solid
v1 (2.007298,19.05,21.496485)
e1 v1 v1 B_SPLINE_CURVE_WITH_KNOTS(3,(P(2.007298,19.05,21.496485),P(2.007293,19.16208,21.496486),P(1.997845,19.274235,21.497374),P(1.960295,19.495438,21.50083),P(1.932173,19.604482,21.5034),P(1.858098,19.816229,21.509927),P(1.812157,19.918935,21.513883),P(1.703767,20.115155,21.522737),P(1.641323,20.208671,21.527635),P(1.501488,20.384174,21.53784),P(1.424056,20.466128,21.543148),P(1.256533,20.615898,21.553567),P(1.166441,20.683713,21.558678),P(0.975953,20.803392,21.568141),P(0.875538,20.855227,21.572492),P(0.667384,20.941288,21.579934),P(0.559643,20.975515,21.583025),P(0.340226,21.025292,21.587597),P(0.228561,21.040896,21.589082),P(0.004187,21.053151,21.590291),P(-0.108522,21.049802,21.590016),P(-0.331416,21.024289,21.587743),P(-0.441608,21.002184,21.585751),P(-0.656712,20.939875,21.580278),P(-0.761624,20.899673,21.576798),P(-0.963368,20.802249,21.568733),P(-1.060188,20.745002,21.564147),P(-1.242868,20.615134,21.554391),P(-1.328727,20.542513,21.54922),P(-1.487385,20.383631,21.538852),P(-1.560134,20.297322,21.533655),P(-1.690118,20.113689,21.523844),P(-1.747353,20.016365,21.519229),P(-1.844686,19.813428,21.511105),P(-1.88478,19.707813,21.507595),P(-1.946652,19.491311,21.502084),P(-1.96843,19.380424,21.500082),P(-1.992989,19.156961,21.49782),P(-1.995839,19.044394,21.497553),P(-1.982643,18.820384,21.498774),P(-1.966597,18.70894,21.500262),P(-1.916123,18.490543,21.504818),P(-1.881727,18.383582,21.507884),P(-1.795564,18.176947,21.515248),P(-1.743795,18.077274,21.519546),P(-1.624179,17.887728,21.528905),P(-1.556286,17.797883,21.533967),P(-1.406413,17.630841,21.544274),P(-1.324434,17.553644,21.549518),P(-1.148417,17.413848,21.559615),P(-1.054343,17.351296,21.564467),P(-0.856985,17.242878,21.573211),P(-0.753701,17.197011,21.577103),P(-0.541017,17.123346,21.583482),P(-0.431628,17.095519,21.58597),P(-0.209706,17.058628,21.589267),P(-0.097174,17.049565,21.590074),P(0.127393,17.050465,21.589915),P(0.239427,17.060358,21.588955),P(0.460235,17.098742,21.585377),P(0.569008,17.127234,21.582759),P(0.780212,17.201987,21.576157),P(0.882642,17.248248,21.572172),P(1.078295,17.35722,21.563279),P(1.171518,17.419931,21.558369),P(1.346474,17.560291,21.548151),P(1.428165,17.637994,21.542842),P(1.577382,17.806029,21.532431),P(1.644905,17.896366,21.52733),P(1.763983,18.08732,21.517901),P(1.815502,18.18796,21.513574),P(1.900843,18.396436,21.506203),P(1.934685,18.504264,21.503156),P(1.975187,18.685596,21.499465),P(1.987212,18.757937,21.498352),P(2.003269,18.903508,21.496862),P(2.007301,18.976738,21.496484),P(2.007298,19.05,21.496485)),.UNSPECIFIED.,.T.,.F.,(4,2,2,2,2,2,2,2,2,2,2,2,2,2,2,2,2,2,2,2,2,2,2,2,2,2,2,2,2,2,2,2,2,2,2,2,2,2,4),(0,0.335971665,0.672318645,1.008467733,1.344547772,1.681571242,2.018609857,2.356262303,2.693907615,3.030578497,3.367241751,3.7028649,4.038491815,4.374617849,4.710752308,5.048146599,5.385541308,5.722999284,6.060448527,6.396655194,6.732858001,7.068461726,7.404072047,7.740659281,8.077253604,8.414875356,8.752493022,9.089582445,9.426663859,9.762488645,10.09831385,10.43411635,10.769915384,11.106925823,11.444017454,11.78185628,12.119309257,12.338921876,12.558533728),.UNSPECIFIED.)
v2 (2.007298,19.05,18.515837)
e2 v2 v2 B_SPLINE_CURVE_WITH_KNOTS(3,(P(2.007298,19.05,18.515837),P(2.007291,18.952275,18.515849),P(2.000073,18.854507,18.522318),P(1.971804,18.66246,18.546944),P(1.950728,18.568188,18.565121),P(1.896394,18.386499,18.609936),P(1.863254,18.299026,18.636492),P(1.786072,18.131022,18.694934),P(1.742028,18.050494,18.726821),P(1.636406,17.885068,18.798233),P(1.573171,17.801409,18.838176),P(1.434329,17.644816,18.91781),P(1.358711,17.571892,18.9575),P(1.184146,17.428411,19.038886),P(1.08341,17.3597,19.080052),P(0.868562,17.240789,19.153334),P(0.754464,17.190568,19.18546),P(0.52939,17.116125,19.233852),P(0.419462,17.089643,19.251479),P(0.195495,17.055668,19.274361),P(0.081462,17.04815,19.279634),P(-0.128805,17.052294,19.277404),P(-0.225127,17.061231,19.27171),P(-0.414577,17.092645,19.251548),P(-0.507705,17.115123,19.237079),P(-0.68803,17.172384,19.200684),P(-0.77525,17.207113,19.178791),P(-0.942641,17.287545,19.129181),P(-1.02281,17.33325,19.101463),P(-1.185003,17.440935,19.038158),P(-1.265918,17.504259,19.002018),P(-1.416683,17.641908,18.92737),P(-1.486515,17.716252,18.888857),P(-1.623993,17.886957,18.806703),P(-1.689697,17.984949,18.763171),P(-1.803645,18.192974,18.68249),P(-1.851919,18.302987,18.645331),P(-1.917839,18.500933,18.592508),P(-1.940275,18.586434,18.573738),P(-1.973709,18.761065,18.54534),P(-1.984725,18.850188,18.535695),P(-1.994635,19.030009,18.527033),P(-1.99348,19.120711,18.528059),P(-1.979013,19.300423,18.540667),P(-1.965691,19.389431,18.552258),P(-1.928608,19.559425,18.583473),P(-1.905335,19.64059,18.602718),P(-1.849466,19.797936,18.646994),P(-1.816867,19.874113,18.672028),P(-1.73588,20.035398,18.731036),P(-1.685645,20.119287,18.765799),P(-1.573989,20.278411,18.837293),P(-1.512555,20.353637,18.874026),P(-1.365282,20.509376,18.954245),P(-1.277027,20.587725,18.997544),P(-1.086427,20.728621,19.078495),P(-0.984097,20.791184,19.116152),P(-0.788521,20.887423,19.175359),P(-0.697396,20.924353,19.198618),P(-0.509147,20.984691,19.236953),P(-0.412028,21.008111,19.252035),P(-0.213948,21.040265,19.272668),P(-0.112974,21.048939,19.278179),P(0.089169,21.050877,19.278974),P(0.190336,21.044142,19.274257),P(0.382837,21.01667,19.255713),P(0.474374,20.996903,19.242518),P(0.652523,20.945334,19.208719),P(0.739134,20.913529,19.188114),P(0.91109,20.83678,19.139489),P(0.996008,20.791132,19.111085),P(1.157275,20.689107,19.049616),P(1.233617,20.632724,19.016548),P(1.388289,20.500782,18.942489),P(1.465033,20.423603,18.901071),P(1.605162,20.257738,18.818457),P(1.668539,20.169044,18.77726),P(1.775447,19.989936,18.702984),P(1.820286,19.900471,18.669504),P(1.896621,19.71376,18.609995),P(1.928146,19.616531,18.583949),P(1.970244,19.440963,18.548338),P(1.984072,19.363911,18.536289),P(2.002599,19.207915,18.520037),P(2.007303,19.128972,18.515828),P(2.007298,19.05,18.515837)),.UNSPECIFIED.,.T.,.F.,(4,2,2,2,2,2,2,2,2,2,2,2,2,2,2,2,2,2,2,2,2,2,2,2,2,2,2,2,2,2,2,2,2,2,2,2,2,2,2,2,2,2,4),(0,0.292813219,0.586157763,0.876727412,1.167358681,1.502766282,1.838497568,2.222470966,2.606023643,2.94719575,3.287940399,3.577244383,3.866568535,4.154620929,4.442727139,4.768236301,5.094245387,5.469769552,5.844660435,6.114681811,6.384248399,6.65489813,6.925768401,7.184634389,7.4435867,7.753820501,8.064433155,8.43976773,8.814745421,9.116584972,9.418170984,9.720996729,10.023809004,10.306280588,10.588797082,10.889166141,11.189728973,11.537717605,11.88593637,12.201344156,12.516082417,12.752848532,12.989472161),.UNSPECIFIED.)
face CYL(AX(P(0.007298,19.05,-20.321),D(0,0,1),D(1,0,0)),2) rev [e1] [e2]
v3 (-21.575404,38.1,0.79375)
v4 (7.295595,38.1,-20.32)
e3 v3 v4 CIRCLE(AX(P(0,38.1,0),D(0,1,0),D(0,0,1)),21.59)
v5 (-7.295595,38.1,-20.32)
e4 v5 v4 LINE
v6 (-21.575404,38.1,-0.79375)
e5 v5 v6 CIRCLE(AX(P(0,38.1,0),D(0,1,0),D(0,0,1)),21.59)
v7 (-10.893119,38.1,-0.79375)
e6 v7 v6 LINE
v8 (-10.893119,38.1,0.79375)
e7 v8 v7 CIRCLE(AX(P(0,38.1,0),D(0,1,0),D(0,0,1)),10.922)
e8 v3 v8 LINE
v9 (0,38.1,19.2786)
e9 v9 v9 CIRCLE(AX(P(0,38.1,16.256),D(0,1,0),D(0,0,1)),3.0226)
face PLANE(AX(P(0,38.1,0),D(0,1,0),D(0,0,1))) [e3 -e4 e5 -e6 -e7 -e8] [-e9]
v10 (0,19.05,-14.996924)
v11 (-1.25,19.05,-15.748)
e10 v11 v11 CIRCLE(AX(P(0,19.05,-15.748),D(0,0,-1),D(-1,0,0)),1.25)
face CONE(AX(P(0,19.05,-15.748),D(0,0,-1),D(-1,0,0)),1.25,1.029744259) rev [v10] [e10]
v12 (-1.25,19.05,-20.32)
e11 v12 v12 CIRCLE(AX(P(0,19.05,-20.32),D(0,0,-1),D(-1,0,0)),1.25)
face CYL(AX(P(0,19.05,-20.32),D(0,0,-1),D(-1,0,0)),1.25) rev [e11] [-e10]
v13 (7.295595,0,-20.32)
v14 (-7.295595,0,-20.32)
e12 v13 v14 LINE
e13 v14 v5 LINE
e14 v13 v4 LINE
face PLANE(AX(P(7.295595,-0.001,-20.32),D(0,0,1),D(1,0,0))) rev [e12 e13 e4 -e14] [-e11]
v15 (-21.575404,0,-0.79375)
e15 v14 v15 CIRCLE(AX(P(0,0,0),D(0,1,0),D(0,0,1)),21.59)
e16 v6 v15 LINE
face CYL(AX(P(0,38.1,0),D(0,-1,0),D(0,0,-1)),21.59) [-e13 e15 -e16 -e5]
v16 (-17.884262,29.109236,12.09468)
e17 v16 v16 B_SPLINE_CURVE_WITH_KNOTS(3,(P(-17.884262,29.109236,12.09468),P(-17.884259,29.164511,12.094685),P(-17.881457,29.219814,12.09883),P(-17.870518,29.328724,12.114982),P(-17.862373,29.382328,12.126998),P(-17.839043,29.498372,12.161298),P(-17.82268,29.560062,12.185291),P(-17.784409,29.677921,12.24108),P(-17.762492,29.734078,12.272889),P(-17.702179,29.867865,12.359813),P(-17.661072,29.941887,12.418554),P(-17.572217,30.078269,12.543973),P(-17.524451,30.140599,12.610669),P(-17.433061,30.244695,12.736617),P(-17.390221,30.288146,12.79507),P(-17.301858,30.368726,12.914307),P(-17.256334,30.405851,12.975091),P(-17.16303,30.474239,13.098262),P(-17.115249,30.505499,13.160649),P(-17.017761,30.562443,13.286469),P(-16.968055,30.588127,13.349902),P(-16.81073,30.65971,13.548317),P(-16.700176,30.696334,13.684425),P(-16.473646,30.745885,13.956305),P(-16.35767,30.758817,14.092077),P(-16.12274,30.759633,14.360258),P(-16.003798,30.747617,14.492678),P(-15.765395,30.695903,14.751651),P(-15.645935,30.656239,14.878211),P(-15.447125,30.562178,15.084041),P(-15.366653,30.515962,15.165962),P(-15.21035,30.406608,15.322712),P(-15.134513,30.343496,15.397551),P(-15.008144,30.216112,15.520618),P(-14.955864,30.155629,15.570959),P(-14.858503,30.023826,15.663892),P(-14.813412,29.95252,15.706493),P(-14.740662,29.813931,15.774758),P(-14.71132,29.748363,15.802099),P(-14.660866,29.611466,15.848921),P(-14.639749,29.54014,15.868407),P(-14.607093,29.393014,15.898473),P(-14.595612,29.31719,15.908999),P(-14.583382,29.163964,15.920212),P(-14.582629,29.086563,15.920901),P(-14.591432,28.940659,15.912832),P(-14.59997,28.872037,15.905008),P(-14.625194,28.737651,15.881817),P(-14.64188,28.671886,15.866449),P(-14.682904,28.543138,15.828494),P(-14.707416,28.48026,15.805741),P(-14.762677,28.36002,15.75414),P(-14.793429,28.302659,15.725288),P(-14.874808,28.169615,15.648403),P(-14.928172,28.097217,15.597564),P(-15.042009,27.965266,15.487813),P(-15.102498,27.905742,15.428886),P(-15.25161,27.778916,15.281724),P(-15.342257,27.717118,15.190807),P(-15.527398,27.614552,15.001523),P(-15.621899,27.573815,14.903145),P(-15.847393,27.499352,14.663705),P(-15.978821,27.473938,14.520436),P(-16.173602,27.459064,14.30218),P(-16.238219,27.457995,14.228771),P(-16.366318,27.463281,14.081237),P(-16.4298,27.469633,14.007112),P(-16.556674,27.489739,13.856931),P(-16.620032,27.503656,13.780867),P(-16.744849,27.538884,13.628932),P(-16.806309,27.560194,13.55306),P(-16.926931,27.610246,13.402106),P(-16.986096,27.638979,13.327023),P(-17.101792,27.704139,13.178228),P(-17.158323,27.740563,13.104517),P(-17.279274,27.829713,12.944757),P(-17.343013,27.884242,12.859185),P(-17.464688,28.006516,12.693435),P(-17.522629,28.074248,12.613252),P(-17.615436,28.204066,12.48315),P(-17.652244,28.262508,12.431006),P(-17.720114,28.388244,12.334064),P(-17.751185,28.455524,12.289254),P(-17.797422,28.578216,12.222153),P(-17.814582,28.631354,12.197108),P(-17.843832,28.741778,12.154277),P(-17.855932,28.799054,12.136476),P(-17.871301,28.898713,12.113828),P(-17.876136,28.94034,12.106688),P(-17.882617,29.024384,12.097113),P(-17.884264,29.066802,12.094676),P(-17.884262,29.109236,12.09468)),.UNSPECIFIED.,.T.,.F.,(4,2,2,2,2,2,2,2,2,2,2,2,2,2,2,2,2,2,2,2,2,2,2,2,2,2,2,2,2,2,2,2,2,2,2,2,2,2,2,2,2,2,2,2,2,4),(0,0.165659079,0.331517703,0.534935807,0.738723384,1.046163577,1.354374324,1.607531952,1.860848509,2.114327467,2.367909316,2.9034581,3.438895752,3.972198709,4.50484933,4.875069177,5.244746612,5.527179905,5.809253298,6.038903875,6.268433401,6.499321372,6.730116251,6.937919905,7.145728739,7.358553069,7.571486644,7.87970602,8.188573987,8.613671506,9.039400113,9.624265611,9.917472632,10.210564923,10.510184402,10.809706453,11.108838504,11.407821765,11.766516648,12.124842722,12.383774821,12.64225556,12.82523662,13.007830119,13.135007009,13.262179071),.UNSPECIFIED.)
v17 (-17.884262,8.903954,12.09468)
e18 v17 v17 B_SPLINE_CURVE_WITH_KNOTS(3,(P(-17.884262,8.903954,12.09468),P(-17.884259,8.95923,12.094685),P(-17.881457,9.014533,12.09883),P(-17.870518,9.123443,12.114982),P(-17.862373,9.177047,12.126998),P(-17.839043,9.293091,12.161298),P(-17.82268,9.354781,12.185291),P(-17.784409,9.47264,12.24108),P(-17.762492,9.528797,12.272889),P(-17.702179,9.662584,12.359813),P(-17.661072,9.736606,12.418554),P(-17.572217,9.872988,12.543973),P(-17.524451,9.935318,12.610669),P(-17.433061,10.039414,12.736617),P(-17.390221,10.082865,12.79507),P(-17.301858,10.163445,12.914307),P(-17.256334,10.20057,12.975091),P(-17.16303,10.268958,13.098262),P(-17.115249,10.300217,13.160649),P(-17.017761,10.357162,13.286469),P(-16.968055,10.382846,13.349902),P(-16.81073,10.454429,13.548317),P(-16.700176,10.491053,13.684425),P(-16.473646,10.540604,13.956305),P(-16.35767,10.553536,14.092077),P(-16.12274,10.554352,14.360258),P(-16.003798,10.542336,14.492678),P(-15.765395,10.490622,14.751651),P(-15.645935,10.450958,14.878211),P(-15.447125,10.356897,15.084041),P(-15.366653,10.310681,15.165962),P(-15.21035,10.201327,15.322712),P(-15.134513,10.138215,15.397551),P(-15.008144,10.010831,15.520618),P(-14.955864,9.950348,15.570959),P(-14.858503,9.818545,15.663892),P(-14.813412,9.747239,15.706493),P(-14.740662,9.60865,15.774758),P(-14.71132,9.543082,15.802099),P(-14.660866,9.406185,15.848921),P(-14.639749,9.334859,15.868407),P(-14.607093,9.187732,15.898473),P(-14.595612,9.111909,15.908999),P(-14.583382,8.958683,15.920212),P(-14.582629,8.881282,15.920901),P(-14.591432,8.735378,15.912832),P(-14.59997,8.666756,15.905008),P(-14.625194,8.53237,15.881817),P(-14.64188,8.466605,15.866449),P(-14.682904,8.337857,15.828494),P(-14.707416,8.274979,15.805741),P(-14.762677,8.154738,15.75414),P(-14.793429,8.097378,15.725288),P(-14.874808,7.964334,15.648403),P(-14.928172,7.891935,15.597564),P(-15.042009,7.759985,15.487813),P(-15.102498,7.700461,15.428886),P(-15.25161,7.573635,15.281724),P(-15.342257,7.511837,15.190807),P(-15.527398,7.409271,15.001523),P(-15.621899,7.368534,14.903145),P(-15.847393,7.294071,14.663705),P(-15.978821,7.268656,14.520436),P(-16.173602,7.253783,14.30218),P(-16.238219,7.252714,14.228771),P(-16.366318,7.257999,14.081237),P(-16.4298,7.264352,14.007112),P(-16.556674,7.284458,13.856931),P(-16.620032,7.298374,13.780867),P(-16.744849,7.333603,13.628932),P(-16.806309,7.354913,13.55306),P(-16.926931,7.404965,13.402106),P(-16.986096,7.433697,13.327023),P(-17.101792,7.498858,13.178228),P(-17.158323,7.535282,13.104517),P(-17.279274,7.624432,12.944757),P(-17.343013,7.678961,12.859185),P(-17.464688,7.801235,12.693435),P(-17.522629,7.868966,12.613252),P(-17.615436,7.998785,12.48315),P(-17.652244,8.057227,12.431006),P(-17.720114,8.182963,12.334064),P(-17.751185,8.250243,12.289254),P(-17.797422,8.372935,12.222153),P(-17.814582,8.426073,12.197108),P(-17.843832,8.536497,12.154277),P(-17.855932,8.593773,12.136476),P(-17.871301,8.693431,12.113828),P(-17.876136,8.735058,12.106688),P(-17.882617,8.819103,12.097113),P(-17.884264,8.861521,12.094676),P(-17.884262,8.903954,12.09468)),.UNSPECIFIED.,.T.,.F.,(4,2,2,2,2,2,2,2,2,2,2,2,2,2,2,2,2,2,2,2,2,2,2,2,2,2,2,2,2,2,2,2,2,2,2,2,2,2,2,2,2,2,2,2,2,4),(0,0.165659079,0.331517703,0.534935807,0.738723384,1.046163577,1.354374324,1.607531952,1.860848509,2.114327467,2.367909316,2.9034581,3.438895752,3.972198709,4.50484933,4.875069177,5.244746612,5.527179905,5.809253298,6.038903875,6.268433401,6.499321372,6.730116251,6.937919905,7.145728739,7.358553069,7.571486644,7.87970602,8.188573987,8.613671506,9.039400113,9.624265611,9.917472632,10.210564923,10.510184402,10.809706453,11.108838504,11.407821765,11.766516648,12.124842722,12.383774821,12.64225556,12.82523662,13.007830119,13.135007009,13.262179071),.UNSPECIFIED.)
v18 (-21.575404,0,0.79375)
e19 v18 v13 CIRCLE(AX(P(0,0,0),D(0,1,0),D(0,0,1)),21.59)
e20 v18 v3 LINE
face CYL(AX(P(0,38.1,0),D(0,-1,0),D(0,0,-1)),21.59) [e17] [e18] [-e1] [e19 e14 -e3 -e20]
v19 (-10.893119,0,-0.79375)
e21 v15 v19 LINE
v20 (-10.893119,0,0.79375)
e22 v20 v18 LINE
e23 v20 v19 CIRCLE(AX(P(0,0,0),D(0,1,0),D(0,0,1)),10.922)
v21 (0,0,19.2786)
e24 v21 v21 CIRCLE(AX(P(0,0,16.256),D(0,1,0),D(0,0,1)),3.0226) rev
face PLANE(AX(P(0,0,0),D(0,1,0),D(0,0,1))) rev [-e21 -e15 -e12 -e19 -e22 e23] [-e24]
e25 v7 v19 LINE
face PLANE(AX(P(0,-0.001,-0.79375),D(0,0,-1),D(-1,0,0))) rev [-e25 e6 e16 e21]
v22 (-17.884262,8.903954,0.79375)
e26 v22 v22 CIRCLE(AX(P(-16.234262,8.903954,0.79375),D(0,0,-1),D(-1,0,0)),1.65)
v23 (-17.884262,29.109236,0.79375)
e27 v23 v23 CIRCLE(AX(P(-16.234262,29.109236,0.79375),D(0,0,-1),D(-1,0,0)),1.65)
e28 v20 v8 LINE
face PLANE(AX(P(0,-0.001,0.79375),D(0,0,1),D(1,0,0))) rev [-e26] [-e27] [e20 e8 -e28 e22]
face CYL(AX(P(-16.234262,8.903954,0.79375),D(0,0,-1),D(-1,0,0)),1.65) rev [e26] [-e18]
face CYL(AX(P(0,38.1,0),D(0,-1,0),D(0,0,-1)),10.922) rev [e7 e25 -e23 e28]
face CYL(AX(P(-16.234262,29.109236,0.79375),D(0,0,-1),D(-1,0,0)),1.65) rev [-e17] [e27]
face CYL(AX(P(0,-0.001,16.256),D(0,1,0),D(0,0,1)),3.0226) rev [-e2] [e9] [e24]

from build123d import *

# Parameters (mm, degrees)
SKETCH2_R                        = 21.59
SKETCH2_R_2                      = 10.922
BOSS_EXTRUDE1_DEPTH              = 38.1
CUT_EXTRUDE1_REACH               = 50.825
SKETCH3_W                        = 21.59
SKETCH3_H                        = 1.5875
CUT_EXTRUDE2_REACH               = 50.825
SKETCH4_R                        = 3.0226
CUT_EXTRUDE3_REACH               = 50.825
TAP_DRILL_FOR_M3X0_5_TAP1_D      = 2.5
TAP_DRILL_FOR_M3X0_5_TAP1_DEPTH  = 4.572
TAP_DRILL_FOR_M3X0_5_TAP1_TIP    = 0.751075774
CUT_EXTRUDE4_REACH               = 62.615
CUT_EXTRUDE4_END_RADIUS          = 3.0226
SKETCH8_R                        = 2.000000064
TAP_DRILL_FOR_M4X0_7_TAP1_REACH  = 54.19
TAP_DRILL_FOR_M4X0_7_TAP1_BORE_R = 1.65


with BuildPart() as part:
    # Sketch2 → Boss-Extrude1 (new body)
    with BuildSketch(Plane(origin=(0, 0, 0), x_dir=(1, 0, 0), z_dir=(0, 1, 0))):
        with Locations(Location((0, 0, 0), (0, 0, 90))):
            Circle(SKETCH2_R)
        with Locations(Location((0, 0, 0), (0, 0, 90))):
            Circle(SKETCH2_R_2, mode=Mode.SUBTRACT)
    extrude(amount=BOSS_EXTRUDE1_DEPTH)

    # Sketch3 → Cut-Extrude1 (cut, up to next)
    with BuildSketch(Plane(origin=(0, 38.1, 0), x_dir=(1, 0, 0), z_dir=(0, 1, 0)), mode=Mode.PRIVATE) as cut_extrude1_sk1:
        with Locations((-10.795, 0)):
            Rectangle(SKETCH3_W, SKETCH3_H)
    cut_extrude1_tool1 = extrude(cut_extrude1_sk1.sketch, amount=-CUT_EXTRUDE1_REACH, mode=Mode.PRIVATE) & part.part
    add(cut_extrude1_tool1.solids().sort_by_distance((-10.795, 38.1, 0))[0], mode=Mode.SUBTRACT)

    # Sketch4 → Cut-Extrude2 (cut, up to next)
    with BuildSketch(Plane(origin=(0, 38.1, 0), x_dir=(1, 0, 0), z_dir=(0, 1, 0)), mode=Mode.PRIVATE) as cut_extrude2_sk1:
        with Locations(Location((0, -16.256, 0), (0, 0, 270))):
            Circle(SKETCH4_R)
    cut_extrude2_tool1 = extrude(cut_extrude2_sk1.sketch, amount=-CUT_EXTRUDE2_REACH, mode=Mode.PRIVATE) & part.part
    add(cut_extrude2_tool1.solids().sort_by_distance((0, 38.1, 16.256))[0], mode=Mode.SUBTRACT)

    # Sketch5 → Cut-Extrude3 (cut, up to next)
    with BuildSketch(Plane(origin=(0, 38.1, 0), x_dir=(1, 0, 0), z_dir=(0, 1, 0)), mode=Mode.PRIVATE) as cut_extrude3_sk1:
        with BuildLine():
            Line((7.295594561, 20.32), (-7.295594561, 20.32))
            ThreePointArc((-7.295594561, 20.32), (0, 21.59), (7.295594561, 20.32))
        make_face()
    cut_extrude3_tool1 = extrude(cut_extrude3_sk1.sketch, amount=-CUT_EXTRUDE3_REACH, mode=Mode.PRIVATE) & part.part
    add(cut_extrude3_tool1.solids().sort_by_distance((0, 38.1, -20.829303))[0], mode=Mode.SUBTRACT)

    # Tap Drill for M3x0.5 Tap1
    with Locations(Plane(origin=(0, 19.05, -20.32), x_dir=(-1, 0, 0), z_dir=(0, 0, -1))):
        with Locations((0, 0)):
            Hole(TAP_DRILL_FOR_M3X0_5_TAP1_D / 2, depth=TAP_DRILL_FOR_M3X0_5_TAP1_DEPTH)
            with Locations((0, 0, -(TAP_DRILL_FOR_M3X0_5_TAP1_DEPTH + TAP_DRILL_FOR_M3X0_5_TAP1_TIP / 2))):  # 118° drill point
                Cone(0, TAP_DRILL_FOR_M3X0_5_TAP1_D / 2, TAP_DRILL_FOR_M3X0_5_TAP1_TIP, mode=Mode.SUBTRACT)

    # Cut-Extrude4: up to this cylinder (the profile starts outside it)
    cut_extrude4_end = Plane(origin=(0, 19.05, 16.256), z_dir=(0, 1, 0)) * Cylinder(CUT_EXTRUDE4_END_RADIUS, 132.2752, mode=Mode.PRIVATE)
    # Sketch8 → Cut-Extrude4 (cut, up to the surface)
    with BuildSketch(Plane.XY.offset(21.59), mode=Mode.PRIVATE) as cut_extrude4_sk1:
        with Locations((0.007297963, 19.05)):
            Circle(SKETCH8_R)
    cut_extrude4_tool1 = extrude(cut_extrude4_sk1.sketch, amount=-CUT_EXTRUDE4_REACH, mode=Mode.PRIVATE) - cut_extrude4_end
    add(cut_extrude4_tool1.solids().sort_by_distance((0.007298, 19.05, 21.59))[0], mode=Mode.SUBTRACT)

    # Tap Drill for M4x0.7 Tap1 bore (on position points) → Tap Drill for M4x0.7 Tap1 (cut, up to next)
    with BuildSketch(Plane(origin=(-16.234261615, 29.109235595, 0.79375), x_dir=(-1, 0, 0), z_dir=(0, 0, -1)), mode=Mode.PRIVATE) as tap_drill_for_m4x0_7_tap1_sk1:
        Circle(TAP_DRILL_FOR_M4X0_7_TAP1_BORE_R)
    tap_drill_for_m4x0_7_tap1_tool1 = extrude(tap_drill_for_m4x0_7_tap1_sk1.sketch, amount=-TAP_DRILL_FOR_M4X0_7_TAP1_REACH, mode=Mode.PRIVATE) & part.part
    # Tap Drill for M4x0.7 Tap1 bore (on position points) → Tap Drill for M4x0.7 Tap1 (cut, up to next)
    with BuildSketch(Plane(origin=(-16.234261615, 29.109235595, 0.79375), x_dir=(-1, 0, 0), z_dir=(0, 0, -1)), mode=Mode.PRIVATE) as tap_drill_for_m4x0_7_tap1_sk2:
        with Locations((0, -20.205281104)):
            Circle(TAP_DRILL_FOR_M4X0_7_TAP1_BORE_R)
    tap_drill_for_m4x0_7_tap1_tool2 = extrude(tap_drill_for_m4x0_7_tap1_sk2.sketch, amount=-TAP_DRILL_FOR_M4X0_7_TAP1_REACH, mode=Mode.PRIVATE) & part.part
    add(tap_drill_for_m4x0_7_tap1_tool1.solids().sort_by_distance((-16.234262, 29.109236, 0.79375))[0], mode=Mode.SUBTRACT)
    add(tap_drill_for_m4x0_7_tap1_tool2.solids().sort_by_distance((-16.234262, 8.903954, 0.79375))[0], mode=Mode.SUBTRACT)


solid = part.part
